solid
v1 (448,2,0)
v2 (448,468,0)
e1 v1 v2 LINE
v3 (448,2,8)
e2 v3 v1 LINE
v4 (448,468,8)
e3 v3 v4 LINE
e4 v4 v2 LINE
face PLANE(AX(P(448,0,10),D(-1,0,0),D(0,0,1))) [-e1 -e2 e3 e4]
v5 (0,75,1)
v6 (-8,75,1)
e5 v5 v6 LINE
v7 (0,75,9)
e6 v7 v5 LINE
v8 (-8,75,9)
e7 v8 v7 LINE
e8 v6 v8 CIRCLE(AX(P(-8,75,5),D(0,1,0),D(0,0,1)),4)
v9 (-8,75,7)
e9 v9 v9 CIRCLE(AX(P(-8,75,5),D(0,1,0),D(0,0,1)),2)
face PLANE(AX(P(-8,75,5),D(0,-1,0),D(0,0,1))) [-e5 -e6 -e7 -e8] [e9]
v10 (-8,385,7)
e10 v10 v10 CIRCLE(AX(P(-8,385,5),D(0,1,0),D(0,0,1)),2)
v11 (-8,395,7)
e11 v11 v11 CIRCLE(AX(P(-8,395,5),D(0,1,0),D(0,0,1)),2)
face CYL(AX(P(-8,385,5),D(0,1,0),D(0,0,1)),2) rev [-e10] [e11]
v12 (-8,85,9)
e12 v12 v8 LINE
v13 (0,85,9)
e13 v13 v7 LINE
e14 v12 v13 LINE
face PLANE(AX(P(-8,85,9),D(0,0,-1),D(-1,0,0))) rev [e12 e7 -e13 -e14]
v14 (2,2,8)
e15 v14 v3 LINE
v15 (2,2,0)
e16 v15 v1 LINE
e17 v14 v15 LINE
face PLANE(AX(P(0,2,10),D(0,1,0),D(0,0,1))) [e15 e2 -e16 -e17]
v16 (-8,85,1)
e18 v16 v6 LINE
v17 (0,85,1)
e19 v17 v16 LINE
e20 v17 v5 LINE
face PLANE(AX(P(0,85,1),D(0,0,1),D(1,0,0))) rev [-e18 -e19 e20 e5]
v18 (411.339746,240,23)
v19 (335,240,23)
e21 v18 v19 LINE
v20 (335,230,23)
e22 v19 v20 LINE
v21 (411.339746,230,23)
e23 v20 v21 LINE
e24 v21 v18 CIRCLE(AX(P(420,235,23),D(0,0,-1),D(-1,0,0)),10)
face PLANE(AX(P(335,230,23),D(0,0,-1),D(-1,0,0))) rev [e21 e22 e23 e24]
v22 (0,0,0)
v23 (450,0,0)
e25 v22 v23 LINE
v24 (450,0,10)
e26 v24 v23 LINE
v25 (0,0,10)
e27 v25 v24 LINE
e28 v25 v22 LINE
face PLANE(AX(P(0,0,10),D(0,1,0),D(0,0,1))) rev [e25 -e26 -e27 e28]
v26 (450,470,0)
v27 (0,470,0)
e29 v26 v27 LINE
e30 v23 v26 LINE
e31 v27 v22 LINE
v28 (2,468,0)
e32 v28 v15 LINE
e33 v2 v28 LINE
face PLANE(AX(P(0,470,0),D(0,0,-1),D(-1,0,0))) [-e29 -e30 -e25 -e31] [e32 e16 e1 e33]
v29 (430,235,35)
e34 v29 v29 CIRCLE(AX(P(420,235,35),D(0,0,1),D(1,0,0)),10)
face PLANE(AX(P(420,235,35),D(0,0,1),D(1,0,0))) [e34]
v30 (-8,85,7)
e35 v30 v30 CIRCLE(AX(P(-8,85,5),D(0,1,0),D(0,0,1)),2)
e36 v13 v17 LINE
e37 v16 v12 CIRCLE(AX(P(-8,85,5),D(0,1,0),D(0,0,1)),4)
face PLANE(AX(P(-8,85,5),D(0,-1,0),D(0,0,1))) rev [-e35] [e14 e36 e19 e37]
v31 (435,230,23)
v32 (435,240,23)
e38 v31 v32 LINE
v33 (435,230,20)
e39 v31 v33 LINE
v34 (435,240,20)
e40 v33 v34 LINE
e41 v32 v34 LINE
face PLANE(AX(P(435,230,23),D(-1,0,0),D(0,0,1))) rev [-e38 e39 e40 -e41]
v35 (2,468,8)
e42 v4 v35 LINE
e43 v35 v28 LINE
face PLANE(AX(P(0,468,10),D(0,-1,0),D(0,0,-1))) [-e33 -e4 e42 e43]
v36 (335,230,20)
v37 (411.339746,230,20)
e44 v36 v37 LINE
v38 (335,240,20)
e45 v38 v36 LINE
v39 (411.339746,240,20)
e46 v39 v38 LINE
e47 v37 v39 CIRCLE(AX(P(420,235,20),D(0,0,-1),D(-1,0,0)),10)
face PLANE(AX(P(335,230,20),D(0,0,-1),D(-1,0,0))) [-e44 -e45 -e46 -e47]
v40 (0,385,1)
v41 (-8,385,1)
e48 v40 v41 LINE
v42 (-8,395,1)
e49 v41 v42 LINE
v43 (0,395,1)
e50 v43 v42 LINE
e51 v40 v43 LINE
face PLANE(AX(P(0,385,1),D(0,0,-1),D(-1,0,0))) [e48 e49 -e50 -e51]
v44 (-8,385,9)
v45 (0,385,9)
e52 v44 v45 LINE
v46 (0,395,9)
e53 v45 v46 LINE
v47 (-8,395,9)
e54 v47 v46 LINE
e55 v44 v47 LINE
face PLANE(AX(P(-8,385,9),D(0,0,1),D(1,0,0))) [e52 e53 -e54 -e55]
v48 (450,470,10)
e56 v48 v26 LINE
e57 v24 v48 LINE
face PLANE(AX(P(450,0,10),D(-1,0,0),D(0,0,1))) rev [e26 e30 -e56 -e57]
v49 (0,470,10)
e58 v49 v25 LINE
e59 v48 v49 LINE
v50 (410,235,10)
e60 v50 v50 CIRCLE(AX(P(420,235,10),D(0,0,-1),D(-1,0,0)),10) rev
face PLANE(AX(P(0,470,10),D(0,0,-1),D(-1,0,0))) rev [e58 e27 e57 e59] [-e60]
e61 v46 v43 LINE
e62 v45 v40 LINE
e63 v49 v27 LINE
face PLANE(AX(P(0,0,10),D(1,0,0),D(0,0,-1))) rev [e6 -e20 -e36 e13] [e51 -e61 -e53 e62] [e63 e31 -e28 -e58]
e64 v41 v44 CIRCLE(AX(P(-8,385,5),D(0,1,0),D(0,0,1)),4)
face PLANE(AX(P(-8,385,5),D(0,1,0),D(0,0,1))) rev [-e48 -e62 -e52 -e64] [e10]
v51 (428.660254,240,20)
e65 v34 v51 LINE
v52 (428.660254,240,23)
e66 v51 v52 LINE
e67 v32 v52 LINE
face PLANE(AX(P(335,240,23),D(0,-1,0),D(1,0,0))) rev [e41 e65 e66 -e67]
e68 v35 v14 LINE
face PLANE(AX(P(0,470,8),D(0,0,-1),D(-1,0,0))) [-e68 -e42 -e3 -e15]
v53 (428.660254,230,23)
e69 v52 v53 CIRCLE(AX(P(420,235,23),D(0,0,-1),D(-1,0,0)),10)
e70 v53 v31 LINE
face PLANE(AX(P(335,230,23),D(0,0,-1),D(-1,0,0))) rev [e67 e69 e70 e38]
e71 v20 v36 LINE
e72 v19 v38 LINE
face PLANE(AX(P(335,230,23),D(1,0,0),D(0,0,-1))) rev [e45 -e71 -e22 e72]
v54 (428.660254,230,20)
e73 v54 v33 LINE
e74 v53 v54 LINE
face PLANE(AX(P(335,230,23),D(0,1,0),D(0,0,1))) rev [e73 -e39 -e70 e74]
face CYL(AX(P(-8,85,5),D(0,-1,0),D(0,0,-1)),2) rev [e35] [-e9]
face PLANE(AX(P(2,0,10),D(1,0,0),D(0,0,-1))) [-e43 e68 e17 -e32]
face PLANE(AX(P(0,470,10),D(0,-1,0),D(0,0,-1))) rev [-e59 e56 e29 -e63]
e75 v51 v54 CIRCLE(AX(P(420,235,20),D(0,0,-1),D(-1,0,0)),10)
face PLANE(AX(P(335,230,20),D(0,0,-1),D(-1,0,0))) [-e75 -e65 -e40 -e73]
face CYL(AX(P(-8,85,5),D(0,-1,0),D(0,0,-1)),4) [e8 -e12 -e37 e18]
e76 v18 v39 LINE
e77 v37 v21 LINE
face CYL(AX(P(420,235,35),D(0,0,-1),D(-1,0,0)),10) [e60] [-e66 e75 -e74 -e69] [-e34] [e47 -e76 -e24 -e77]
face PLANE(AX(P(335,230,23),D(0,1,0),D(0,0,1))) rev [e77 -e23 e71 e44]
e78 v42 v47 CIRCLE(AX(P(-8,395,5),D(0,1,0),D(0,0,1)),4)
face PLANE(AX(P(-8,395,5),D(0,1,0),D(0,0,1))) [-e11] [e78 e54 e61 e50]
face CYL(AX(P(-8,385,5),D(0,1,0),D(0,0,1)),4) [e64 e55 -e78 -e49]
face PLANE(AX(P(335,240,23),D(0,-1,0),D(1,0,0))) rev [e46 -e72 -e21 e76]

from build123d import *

# Parameters (mm, degrees)
SKETCH1_W           = 450
SKETCH1_H           = 470
BASE_EXTRUDE_DEPTH  = 10
SHELL1_T            = -2
SKETCH2_R           = 2
BOSS_EXTRUDE1_DEPTH = 10
SKETCH3_R           = 10
BOSS_EXTRUDE2_DEPTH = 25
SKETCH4_W           = 100
SKETCH4_H           = 10
BOSS_EXTRUDE3_DEPTH = 3


with BuildPart() as part:
    # Sketch1 → Base-Extrude (new body)
    with BuildSketch(Plane.XY):
        with Locations((225, 235)):
            Rectangle(SKETCH1_W, SKETCH1_H)
    extrude(amount=BASE_EXTRUDE_DEPTH)

    # Shell1
    shell1_openings = [part.faces().sort_by_distance(p)[0] for p in [
        (225, 235, 0),
    ]]
    offset(amount=SHELL1_T, openings=shell1_openings, kind=Kind.INTERSECTION)

    # Sketch2 → Boss-Extrude1 (add)
    with BuildSketch(Plane(origin=(0, 395, 0), x_dir=(-1, 0, 0), z_dir=(0, 1, 0))):
        with BuildLine():
            Line((8, 9), (0, 9))
            Line((0, 9), (0, 1))
            Line((0, 1), (8, 1))
            ThreePointArc((8, 1), (12, 5), (8, 9))
        make_face()
        with Locations(Location((8, 5, 0), (0, 0, 90))):
            Circle(SKETCH2_R, mode=Mode.SUBTRACT)
    boss_extrude1 = extrude(amount=-BOSS_EXTRUDE1_DEPTH)

    # Mirror1: Boss-Extrude1 across plane
    add(boss_extrude1.mirror(Plane.ZX.offset(235)))

    # Sketch3 → Boss-Extrude2 (add)
    with BuildSketch(Plane.XY.offset(10)):
        with Locations(Location((420, 235, 0), (0, 0, 180))):
            Circle(SKETCH3_R)
    extrude(amount=BOSS_EXTRUDE2_DEPTH)

    # Sketch4 → Boss-Extrude3 (add)
    with BuildSketch(Plane.XY.offset(20)):
        with Locations((385, 235)):
            Rectangle(SKETCH4_W, SKETCH4_H)
    extrude(amount=BOSS_EXTRUDE3_DEPTH)


solid = part.part
